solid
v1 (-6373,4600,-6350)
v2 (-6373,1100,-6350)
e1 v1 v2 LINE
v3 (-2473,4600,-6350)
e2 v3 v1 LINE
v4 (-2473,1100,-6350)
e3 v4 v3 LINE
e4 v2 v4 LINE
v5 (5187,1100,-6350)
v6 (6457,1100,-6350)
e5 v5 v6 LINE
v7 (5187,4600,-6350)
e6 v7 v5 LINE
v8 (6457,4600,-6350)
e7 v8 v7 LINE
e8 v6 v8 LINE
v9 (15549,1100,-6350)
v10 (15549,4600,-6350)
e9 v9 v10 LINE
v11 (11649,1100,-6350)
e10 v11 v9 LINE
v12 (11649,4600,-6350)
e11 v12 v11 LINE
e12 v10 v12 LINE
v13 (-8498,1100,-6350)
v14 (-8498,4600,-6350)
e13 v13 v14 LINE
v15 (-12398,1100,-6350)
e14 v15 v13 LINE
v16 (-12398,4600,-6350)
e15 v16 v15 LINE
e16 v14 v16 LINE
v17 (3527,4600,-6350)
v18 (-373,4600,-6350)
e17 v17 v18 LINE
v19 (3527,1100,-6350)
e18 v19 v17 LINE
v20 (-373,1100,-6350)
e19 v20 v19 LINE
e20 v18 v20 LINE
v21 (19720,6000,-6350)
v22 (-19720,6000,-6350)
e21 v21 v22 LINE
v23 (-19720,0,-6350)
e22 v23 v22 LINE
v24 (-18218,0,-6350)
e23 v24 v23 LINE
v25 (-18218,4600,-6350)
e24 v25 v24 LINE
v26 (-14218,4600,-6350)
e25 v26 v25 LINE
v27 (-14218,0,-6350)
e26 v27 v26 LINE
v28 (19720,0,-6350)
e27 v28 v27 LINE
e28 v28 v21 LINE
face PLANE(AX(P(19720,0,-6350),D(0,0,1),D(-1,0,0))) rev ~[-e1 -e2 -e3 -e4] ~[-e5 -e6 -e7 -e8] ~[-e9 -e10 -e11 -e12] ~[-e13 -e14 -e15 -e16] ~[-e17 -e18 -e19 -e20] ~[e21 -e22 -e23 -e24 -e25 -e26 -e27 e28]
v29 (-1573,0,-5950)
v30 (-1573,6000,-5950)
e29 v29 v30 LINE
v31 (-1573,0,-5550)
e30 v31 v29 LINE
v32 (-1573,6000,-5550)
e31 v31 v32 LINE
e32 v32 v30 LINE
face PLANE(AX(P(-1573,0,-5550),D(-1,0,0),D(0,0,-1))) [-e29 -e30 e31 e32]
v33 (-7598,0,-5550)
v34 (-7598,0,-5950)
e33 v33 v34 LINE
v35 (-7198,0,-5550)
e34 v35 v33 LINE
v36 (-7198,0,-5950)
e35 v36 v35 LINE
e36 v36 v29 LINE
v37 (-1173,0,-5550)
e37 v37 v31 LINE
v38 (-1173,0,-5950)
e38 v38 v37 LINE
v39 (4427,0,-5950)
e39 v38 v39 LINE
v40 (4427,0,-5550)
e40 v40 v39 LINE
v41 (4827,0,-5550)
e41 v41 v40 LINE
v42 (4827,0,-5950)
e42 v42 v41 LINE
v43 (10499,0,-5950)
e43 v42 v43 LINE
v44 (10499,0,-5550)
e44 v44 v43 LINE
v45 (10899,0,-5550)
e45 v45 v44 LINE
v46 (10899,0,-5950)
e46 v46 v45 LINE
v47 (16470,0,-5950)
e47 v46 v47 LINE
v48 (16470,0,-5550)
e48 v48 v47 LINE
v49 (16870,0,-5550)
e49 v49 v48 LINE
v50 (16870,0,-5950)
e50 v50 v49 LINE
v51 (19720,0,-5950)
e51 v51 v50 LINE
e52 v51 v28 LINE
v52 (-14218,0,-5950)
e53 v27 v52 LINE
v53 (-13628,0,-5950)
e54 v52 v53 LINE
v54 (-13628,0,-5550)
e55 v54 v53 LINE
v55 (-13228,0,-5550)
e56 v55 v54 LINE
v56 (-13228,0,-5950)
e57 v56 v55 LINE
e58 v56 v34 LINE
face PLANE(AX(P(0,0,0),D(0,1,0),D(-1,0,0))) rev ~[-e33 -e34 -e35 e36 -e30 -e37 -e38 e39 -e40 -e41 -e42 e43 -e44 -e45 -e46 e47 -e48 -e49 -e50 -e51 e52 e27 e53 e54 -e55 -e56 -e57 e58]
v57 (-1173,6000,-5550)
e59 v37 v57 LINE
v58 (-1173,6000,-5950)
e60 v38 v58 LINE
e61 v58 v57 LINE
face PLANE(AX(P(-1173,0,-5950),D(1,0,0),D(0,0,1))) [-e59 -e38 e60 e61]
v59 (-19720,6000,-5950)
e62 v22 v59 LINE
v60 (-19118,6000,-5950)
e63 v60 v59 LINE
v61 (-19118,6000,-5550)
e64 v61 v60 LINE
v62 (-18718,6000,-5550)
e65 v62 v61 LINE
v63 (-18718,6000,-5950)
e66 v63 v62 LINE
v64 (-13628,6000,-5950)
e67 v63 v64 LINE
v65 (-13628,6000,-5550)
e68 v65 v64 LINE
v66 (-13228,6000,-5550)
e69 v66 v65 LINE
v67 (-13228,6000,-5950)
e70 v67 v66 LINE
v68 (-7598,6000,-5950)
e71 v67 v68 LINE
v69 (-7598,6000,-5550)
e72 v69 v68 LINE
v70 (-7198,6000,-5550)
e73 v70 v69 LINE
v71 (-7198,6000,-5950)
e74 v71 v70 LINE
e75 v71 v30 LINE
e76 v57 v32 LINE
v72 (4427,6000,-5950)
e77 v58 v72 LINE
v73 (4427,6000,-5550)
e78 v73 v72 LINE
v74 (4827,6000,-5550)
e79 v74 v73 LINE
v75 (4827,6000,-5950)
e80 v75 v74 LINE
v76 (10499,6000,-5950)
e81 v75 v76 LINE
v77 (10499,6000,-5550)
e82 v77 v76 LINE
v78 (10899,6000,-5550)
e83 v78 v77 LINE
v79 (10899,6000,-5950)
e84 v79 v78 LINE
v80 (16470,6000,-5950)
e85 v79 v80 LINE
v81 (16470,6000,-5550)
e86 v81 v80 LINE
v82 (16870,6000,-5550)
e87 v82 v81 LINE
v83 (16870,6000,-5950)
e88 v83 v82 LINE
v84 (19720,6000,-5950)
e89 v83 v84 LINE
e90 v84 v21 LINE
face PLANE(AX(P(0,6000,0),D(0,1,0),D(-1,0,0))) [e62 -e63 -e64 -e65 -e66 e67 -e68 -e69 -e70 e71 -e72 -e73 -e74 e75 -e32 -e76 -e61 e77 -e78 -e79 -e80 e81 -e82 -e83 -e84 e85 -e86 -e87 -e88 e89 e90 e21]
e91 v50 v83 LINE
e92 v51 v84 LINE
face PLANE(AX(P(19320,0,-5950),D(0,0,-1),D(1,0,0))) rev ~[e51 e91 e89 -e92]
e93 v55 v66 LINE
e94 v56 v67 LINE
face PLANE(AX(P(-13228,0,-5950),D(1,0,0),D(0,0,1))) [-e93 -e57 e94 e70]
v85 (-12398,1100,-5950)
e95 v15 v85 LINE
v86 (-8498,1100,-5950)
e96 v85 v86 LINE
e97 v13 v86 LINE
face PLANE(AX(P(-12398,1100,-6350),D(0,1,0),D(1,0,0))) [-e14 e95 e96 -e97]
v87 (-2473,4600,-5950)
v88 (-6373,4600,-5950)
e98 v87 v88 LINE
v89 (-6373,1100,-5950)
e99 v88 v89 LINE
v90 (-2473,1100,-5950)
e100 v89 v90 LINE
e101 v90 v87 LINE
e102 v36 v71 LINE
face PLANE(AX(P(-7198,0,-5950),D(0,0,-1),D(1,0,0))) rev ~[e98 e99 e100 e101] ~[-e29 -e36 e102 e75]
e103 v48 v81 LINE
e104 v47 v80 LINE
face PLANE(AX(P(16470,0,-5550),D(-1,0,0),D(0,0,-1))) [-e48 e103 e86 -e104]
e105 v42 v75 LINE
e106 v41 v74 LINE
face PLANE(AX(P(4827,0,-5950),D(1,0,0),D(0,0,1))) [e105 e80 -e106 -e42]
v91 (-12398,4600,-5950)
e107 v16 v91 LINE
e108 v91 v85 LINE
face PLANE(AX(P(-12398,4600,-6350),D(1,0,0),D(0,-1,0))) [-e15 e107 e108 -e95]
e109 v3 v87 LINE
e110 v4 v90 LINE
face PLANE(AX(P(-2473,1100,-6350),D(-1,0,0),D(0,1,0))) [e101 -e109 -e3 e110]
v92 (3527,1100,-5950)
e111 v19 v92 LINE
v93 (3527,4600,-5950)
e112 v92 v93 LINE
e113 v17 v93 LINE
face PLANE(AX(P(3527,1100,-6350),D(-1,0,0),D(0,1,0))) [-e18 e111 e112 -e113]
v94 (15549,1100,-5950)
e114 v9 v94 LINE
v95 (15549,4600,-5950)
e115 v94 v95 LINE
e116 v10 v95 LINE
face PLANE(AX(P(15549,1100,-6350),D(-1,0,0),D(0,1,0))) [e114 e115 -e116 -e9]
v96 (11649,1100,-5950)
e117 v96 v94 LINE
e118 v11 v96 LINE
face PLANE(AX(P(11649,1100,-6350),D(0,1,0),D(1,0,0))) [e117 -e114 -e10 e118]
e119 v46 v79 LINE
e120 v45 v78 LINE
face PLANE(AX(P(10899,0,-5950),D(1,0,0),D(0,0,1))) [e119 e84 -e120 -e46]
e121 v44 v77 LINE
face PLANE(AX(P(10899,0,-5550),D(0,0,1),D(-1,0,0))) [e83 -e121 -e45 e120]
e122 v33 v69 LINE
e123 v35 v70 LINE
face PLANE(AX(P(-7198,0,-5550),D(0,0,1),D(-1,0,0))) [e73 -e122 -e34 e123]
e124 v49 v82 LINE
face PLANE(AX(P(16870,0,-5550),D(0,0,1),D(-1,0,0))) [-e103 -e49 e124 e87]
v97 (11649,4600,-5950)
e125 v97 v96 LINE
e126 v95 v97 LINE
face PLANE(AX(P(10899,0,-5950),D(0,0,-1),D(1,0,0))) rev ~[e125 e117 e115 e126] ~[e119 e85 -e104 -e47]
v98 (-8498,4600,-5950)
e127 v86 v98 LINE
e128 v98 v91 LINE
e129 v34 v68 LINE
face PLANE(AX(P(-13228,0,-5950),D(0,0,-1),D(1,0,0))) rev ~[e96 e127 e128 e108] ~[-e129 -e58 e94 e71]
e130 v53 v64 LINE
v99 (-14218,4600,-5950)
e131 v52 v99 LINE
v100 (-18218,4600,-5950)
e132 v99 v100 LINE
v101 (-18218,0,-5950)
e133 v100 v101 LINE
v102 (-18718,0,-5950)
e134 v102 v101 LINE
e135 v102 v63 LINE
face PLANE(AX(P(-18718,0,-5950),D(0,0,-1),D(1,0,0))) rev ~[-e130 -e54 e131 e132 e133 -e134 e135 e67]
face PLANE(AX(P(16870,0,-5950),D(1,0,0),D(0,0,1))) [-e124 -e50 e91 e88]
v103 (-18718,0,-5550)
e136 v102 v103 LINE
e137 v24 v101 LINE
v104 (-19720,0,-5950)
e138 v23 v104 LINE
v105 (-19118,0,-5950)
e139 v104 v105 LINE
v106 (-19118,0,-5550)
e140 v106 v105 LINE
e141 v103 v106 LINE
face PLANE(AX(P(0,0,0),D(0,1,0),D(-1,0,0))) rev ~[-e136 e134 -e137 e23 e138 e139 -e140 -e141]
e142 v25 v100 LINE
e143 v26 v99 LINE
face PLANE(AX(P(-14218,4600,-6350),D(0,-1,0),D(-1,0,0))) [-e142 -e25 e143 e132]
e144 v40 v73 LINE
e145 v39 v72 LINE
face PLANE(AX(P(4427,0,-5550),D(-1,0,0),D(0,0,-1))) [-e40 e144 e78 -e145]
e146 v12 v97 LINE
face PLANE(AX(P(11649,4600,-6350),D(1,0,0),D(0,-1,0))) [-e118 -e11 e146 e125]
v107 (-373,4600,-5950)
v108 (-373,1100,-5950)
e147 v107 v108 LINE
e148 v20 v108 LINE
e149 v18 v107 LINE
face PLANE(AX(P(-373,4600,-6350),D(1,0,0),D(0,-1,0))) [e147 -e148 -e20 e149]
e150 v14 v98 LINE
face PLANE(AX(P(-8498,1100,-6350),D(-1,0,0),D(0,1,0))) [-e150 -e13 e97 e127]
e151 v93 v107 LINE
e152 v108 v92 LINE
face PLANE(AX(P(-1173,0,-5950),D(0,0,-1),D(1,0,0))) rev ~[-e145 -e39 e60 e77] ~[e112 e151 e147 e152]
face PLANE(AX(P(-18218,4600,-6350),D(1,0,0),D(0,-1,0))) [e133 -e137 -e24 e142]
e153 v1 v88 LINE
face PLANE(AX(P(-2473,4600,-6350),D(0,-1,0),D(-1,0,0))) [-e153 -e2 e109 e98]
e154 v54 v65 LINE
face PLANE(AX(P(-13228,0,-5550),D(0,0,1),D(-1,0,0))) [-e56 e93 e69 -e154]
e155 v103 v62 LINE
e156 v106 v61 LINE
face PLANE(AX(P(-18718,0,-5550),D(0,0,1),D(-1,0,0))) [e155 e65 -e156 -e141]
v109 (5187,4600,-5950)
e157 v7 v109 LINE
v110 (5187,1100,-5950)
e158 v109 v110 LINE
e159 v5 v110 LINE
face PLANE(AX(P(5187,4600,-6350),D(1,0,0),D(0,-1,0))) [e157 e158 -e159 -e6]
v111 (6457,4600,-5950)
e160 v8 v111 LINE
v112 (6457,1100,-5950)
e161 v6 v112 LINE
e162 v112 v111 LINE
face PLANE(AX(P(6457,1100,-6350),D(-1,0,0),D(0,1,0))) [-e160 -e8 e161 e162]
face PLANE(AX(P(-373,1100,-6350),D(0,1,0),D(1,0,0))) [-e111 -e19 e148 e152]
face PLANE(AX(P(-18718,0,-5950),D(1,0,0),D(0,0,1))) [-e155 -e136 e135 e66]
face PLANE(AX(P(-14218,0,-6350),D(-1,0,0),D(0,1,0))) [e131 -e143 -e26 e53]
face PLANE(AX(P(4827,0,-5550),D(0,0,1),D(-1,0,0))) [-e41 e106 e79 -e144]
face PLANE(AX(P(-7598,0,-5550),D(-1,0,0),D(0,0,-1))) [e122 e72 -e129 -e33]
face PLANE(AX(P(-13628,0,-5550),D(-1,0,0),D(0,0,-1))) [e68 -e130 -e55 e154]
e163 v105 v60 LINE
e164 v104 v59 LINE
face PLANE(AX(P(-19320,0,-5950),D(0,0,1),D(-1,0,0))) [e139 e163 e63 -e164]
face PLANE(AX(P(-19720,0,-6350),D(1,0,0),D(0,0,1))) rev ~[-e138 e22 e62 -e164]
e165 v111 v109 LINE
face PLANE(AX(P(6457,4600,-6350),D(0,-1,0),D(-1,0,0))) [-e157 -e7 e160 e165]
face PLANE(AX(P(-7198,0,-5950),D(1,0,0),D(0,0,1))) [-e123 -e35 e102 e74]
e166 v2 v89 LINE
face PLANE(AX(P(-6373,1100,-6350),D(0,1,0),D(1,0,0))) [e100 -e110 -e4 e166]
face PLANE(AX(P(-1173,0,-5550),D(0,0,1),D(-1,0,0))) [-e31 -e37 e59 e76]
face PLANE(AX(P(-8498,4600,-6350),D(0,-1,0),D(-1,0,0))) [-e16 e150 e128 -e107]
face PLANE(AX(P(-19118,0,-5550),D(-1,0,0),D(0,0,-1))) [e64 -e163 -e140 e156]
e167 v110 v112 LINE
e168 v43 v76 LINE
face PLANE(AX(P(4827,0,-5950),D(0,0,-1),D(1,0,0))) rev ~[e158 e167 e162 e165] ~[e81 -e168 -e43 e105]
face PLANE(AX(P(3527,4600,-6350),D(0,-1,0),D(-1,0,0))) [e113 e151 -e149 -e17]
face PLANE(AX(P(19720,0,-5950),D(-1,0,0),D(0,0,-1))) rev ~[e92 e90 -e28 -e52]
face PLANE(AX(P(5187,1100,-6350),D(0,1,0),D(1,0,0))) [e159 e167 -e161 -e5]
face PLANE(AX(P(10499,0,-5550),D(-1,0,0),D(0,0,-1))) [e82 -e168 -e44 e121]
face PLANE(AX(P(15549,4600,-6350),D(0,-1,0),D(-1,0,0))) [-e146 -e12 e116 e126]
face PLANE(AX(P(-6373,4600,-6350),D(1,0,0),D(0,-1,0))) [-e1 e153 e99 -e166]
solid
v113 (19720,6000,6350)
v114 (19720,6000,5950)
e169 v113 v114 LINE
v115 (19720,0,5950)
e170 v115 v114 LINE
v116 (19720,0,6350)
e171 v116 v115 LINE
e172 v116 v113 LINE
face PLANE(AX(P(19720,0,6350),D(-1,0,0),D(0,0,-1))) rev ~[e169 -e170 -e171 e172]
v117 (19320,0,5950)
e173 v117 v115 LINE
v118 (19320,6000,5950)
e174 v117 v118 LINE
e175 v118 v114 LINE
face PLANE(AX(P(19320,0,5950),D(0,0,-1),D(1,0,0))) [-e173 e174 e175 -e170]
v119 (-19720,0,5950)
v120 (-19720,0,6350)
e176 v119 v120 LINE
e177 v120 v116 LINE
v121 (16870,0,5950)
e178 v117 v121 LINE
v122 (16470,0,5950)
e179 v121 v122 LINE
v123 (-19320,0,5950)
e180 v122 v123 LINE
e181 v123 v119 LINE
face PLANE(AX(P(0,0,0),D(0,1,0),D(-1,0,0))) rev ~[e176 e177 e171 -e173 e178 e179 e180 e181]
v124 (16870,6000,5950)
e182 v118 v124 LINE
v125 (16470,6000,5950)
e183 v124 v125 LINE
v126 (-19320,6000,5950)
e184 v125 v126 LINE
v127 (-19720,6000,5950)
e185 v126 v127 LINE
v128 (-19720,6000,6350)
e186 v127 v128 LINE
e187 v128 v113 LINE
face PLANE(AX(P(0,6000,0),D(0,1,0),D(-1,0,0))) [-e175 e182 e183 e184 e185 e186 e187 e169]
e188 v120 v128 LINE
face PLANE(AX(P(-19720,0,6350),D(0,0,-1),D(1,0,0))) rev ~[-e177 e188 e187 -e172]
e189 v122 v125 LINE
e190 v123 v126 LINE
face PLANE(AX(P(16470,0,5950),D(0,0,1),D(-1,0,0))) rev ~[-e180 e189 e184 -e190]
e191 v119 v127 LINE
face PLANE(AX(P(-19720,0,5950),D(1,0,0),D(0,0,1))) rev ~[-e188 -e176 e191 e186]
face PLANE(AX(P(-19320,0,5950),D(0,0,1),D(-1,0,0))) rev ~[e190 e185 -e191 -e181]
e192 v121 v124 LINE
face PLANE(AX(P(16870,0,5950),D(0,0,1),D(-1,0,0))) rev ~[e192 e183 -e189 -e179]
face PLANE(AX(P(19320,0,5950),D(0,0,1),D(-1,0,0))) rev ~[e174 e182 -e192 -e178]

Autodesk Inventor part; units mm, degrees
ref_plane "YZ Plane" through (0, 0, 0) normal (1, 0, 0) x (0, 1, 0)
ref_plane "XZ Plane" through (0, 0, 0) normal (0, 1, 0) x (-1, 0, 0)
ref_plane "XY Plane" through (0, 0, 0) normal (0, 0, 1) x (1, 0, 0)
sketch "Sketch1" plane through (0, 0, 0) normal (0, 1, 0) x (-1, 0, 0)
  line L0 (19320, -5950) -> (-19320, -5950)
  line L1 (-19320, -5950) -> (-19320, 5950)
  line L2 (-19320, 5950) -> (19320, 5950)
  line L3 (19320, 5950) -> (19320, -5950)
  line L4 (19320, -5950) -> (-19320, 5950) construction
  line L5 (-19320, -5950) -> (19320, 5950) construction
  line L6 (-19720, -6350) -> (19720, -6350)
  line L7 (19720, -6350) -> (19720, 6350)
  line L8 (19720, 6350) -> (-19720, 6350)
  line L9 (-19720, 6350) -> (-19720, -6350)
  line L10 (-16470, -5950) -> (-16870, -5950)
  line L11 (-16870, -5950) -> (-16870, -5550)
  line L12 (-16870, -5550) -> (-16470, -5550)
  line L13 (-16470, -5550) -> (-16470, -5950)
  line L14 (-16470, -5950) -> (-16870, -5550) construction
  line L15 (-16870, -5950) -> (-16470, -5550) construction
  line L16 (-16470, 5850) -> (-16870, 5850)
  line L17 (-16870, 5850) -> (-16870, 5950)
  line L18 (-16870, 5950) -> (-16470, 5950)
  line L19 (-16470, 5950) -> (-16470, 5850)
  line L20 (-16470, 5850) -> (-16870, 5950) construction
  line L21 (-16870, 5850) -> (-16470, 5950) construction
  line L22 (-10499, -5950) -> (-10899, -5950)
  line L23 (-10899, -5950) -> (-10899, -5550)
  line L24 (-10899, -5550) -> (-10499, -5550)
  line L25 (-10499, -5550) -> (-10499, -5950)
  line L26 (-10499, -5950) -> (-10899, -5550) construction
  line L27 (-10899, -5950) -> (-10499, -5550) construction
  line L28 (-4427, -5950) -> (-4827, -5950)
  line L29 (-4827, -5950) -> (-4827, -5550)
  line L30 (-4827, -5550) -> (-4427, -5550)
  line L31 (-4427, -5550) -> (-4427, -5950)
  line L32 (-4427, -5950) -> (-4827, -5550) construction
  line L33 (-4827, -5950) -> (-4427, -5550) construction
  line L34 (1573, -5950) -> (1173, -5950)
  line L35 (1173, -5950) -> (1173, -5550)
  line L36 (1173, -5550) -> (1573, -5550)
  line L37 (1573, -5550) -> (1573, -5950)
  line L38 (1573, -5950) -> (1173, -5550) construction
  line L39 (1173, -5950) -> (1573, -5550) construction
  line L40 (7598, -5950) -> (7198, -5950)
  line L41 (7198, -5950) -> (7198, -5550)
  line L42 (7198, -5550) -> (7598, -5550)
  line L43 (7598, -5550) -> (7598, -5950)
  line L44 (7598, -5950) -> (7198, -5550) construction
  line L45 (7198, -5950) -> (7598, -5550) construction
  line L46 (13628, -5950) -> (13228, -5950)
  line L47 (13228, -5950) -> (13228, -5550)
  line L48 (13228, -5550) -> (13628, -5550)
  line L49 (13628, -5550) -> (13628, -5950)
  line L50 (13628, -5950) -> (13228, -5550) construction
  line L51 (13228, -5950) -> (13628, -5550) construction
  line L52 (19118, -5950) -> (18718, -5950)
  line L53 (18718, -5950) -> (18718, -5550)
  line L54 (18718, -5550) -> (19118, -5550)
  line L55 (19118, -5550) -> (19118, -5950)
  line L56 (19118, -5950) -> (18718, -5550) construction
  line L57 (18718, -5950) -> (19118, -5550) construction
  line L58 (19320, -5950) -> (19720, -5950)
  line L59 (-19320, -5950) -> (-19720, -5950)
  line L60 (-19320, 5950) -> (-19720, 5950)
  line L61 (19320, 5950) -> (19720, 5950)
  point P0 (0, 0)
  point P1 (-16670, -5750)
  point P2 (-16670, 5900)
  point P3 (-16870, 5950)
  point P4 (-16470, 5950)
  point P5 (-10699, -5750)
  point P6 (-4627, -5750)
  point P7 (1373, -5750)
  point P8 (7398, -5750)
  point P9 (13428, -5750)
  point P10 (18918, -5750)
  dimension "d0" = 38640
  dimension "d1" = 11900
  dimension "d2" = 400
  dimension "d3" = 400
  dimension "d4" = 400
  dimension "d5" = 2450
  dimension "d6" = 100
  dimension "d35" = 6030
  dimension "d37" = 5490
  dimension "d38" = 6025
  dimension "d39" = 6000
  dimension "d40" = 6072
  dimension "d41" = 5971
  dimension "d42" = 202
extrude "Extrusion1" add sketch "Sketch1" along normal blind 6000 contours L58 L7 L6 L9 L59 L0 | L0 L53 L54 L55 | L0 L47 L48 L49 | L0 L41 L42 L43 | L11 L12 L13 L0 | L0 L35 L36 L37 | L23 L24 L25 L0 | L0 L29 L30 L31
sketch "Sketch2" plane through (19720, 0, -6350) normal (0, 0, -1) x (-1, 0, 0)
  line L0 (0, 0) -> (39440, 0) projected
  line L1 (39440, 0) -> (39440, 6000) projected
  line L2 (0, 6000) -> (39440, 6000) projected
  line L3 (0, 0) -> (0, 6000) projected
  line L4 (33938, 4600) -> (37938, 4600)
  line L5 (37938, 4600) -> (37938, 0)
  line L6 (37938, 0) -> (33938, 0)
  line L7 (33938, 0) -> (33938, 4600)
  line L8 (28218, 4600) -> (32118, 4600)
  line L9 (32118, 4600) -> (32118, 1100)
  line L10 (32118, 1100) -> (28218, 1100)
  line L11 (28218, 1100) -> (28218, 4600)
  line L12 (22193, 4600) -> (26093, 4600)
  line L13 (26093, 4600) -> (26093, 1100)
  line L14 (26093, 1100) -> (22193, 1100)
  line L15 (22193, 1100) -> (22193, 4600)
  line L16 (16193, 4600) -> (20093, 4600)
  line L17 (20093, 4600) -> (20093, 1100)
  line L18 (20093, 1100) -> (16193, 1100)
  line L19 (16193, 1100) -> (16193, 4600)
  line L20 (4171, 4600) -> (8071, 4600)
  line L21 (8071, 4600) -> (8071, 1100)
  line L22 (8071, 1100) -> (4171, 1100)
  line L23 (4171, 1100) -> (4171, 4600)
  line L24 (13263, 4600) -> (14533, 4600)
  line L25 (14533, 4600) -> (14533, 1100)
  line L26 (14533, 1100) -> (13263, 1100)
  line L27 (13263, 1100) -> (13263, 4600)
  line L28 (3250, 0) -> (3250, 6000) projected
  line L29 (8821, 0) -> (8821, 6000) projected
  line L30 (15293, 0) -> (15293, 6000) projected
  line L31 (21293, 0) -> (21293, 6000) projected
  line L32 (27318, 0) -> (27318, 6000) projected
  line L33 (38438, 0) -> (38438, 6000) projected
  line L34 (9221, 0) -> (9221, 6000) projected
  point P0 (19720, 0)
  dimension "d16" = 3900
  dimension "d17" = 1100
  dimension "d18" = 921
  dimension "d19" = 3500
  dimension "d43" = 750
  dimension "d44" = 900
  dimension "d45" = 900
  dimension "d46" = 900
  dimension "d47" = 4600
  dimension "d48" = 4000
  dimension "d49" = 500
  dimension "d50" = 1270
  dimension "d54" = 760
extrude "Extrusion2" cut sketch "Sketch2" against normal up to surface (400 mm away) contours L7 L4 L5 L0 | L8 L9 L10 L11 | L12 L13 L14 L15 | L16 L17 L18 L19 | L20 L21 L22 L23 | L24 L25 L26 L27
extrude "Extrusion3" add sketch "Sketch1" along normal blind 6000 separate body contours L2 L60 L9 L8 L7 L61
